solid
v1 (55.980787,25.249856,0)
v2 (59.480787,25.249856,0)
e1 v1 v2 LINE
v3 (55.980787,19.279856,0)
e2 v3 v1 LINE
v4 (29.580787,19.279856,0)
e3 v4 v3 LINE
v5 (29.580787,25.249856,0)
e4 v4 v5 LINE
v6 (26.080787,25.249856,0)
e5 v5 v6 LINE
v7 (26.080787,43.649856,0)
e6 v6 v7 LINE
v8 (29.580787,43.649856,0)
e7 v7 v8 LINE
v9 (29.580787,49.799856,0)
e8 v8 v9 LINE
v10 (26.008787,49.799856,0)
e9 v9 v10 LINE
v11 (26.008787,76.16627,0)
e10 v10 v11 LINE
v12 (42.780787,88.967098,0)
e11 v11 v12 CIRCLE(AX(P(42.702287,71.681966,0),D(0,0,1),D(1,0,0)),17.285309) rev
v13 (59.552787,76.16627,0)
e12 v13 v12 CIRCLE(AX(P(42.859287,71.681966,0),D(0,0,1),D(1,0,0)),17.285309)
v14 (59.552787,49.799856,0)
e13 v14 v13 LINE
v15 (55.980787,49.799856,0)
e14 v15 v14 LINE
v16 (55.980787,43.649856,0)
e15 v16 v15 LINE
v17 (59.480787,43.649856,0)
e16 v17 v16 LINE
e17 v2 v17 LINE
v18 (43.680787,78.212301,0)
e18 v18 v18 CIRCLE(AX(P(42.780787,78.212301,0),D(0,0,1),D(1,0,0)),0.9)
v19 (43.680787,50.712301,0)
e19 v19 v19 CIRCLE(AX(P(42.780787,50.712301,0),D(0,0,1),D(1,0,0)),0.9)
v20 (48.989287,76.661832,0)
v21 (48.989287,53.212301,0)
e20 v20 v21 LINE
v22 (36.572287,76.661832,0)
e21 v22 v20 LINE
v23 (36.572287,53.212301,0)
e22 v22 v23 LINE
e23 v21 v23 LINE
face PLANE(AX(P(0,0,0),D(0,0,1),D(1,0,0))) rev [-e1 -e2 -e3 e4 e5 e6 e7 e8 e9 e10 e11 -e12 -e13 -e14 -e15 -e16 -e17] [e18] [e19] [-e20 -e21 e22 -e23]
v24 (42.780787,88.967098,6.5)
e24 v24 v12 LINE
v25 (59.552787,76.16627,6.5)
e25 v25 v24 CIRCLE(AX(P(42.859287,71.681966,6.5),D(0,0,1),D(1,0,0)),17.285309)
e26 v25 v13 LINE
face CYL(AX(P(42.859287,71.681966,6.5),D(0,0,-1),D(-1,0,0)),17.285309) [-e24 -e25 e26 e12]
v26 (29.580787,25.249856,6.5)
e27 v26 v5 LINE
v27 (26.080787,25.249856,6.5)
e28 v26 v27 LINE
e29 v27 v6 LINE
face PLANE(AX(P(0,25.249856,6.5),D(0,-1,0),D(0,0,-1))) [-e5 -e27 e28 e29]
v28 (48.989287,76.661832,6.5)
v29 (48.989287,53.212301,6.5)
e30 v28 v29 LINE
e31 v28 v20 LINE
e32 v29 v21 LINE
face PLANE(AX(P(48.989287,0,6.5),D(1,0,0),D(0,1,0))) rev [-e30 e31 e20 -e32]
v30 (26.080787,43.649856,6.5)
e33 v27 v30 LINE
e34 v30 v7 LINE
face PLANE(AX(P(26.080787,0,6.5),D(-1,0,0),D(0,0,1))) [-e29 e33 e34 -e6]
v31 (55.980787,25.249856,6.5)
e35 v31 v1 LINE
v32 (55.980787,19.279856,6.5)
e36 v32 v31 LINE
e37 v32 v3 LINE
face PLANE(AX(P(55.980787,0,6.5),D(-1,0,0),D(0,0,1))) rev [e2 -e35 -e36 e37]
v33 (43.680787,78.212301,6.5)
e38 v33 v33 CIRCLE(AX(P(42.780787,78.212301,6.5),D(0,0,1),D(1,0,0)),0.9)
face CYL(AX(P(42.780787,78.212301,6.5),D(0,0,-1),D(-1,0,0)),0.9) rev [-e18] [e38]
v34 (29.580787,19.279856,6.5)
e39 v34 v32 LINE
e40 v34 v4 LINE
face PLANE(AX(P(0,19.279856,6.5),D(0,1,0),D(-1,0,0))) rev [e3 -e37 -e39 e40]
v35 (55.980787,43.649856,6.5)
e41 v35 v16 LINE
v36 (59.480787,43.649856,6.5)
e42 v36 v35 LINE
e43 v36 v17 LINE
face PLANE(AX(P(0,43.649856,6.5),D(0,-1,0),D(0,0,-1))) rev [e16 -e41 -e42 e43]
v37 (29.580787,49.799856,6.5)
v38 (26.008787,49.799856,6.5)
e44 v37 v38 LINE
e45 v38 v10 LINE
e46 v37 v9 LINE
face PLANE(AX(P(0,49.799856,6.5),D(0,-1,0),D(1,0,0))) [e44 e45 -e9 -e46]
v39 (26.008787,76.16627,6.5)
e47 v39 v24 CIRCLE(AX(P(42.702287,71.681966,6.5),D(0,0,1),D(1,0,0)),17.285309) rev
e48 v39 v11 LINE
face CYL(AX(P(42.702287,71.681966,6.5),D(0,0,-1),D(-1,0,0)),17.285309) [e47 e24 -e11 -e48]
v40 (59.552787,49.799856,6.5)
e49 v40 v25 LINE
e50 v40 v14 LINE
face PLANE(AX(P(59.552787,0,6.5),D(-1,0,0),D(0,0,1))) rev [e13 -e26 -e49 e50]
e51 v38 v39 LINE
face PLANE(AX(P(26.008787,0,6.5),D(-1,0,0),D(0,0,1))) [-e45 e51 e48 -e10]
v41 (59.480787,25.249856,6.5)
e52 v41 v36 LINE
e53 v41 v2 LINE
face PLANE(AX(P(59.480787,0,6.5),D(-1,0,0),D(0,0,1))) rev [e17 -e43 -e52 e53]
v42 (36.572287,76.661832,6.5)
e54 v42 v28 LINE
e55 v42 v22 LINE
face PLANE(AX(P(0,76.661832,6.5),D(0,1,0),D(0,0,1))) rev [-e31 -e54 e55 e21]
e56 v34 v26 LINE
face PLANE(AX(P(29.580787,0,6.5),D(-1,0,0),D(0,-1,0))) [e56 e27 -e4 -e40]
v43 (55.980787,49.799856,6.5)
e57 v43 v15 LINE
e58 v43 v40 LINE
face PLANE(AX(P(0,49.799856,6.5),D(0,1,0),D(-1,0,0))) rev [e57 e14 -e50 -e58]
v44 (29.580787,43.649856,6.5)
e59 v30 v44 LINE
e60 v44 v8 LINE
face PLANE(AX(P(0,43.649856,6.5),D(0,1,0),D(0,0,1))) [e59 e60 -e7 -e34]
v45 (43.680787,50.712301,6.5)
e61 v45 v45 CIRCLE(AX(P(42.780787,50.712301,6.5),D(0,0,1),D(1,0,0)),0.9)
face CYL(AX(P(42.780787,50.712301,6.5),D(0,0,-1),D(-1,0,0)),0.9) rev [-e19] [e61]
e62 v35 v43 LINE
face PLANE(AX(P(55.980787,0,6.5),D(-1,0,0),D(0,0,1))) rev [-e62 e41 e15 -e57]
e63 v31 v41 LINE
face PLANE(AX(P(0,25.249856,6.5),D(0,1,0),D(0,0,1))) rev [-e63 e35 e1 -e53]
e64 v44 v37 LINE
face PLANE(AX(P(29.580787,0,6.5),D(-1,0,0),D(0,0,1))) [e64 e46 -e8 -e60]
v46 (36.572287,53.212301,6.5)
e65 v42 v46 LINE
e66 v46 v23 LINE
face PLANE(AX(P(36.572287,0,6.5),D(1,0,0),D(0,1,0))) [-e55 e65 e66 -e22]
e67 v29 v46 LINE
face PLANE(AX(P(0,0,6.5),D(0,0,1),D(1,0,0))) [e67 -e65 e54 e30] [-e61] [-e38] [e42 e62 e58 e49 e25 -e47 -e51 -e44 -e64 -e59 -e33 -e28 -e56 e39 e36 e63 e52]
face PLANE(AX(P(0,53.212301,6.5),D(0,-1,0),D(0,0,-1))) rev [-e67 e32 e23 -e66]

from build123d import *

# Parameters (mm, degrees)
SKETCH3_R           = 0.9
SKETCH3_W           = 12.417
SKETCH3_H           = 23.449530758
BOSS_EXTRUDE6_DEPTH = 6.5


with BuildPart() as part:
    # Sketch3 → Boss-Extrude6 (new body)
    with BuildSketch(Plane.XY):
        with BuildLine():
            Line((26.008786765, 76.166270115), (26.008786765, 49.799855834))
            Line((26.008786765, 49.799855834), (29.580786765, 49.799855834))
            Line((29.580786765, 49.799855834), (29.580786765, 43.649855834))
            Line((29.580786765, 43.649855834), (26.080786765, 43.649855834))
            Line((26.080786765, 43.649855834), (26.080786765, 25.249855834))
            Line((26.080786765, 25.249855834), (29.580786765, 25.249855834))
            Line((29.580786765, 25.249855834), (29.580786765, 25.206855834))
            Line((29.580786765, 25.206855834), (29.580786765, 19.279855834))
            Line((29.580786765, 19.279855834), (55.980786765, 19.279855834))
            Line((55.980786765, 19.279855834), (55.980786765, 25.249855834))
            Line((55.980786765, 25.249855834), (59.480786765, 25.249855834))
            Line((59.480786765, 25.249855834), (59.480786765, 43.649855834))
            Line((59.480786765, 43.649855834), (55.980786765, 43.649855834))
            Line((55.980786765, 43.649855834), (55.980786765, 49.799855834))
            Line((55.980786765, 49.799855834), (59.552786765, 49.799855834))
            Line((59.552786765, 49.799855834), (59.552786765, 76.166270115))
            ThreePointArc((59.552786765, 76.166270115), (53.346414701, 85.422492969), (42.780786765, 88.967097604))
            ThreePointArc((42.780786765, 88.967097604), (32.215158829, 85.422492969), (26.008786765, 76.166270115))
        make_face()
        with Locations((42.780786765, 50.712301369)):
            Circle(SKETCH3_R, mode=Mode.SUBTRACT)
        with Locations((42.780786765, 78.212301369)):
            Circle(SKETCH3_R, mode=Mode.SUBTRACT)
        with Locations((42.780786765, 64.937066748)):
            Rectangle(SKETCH3_W, SKETCH3_H, mode=Mode.SUBTRACT)
    extrude(amount=BOSS_EXTRUDE6_DEPTH)


solid = part.part
